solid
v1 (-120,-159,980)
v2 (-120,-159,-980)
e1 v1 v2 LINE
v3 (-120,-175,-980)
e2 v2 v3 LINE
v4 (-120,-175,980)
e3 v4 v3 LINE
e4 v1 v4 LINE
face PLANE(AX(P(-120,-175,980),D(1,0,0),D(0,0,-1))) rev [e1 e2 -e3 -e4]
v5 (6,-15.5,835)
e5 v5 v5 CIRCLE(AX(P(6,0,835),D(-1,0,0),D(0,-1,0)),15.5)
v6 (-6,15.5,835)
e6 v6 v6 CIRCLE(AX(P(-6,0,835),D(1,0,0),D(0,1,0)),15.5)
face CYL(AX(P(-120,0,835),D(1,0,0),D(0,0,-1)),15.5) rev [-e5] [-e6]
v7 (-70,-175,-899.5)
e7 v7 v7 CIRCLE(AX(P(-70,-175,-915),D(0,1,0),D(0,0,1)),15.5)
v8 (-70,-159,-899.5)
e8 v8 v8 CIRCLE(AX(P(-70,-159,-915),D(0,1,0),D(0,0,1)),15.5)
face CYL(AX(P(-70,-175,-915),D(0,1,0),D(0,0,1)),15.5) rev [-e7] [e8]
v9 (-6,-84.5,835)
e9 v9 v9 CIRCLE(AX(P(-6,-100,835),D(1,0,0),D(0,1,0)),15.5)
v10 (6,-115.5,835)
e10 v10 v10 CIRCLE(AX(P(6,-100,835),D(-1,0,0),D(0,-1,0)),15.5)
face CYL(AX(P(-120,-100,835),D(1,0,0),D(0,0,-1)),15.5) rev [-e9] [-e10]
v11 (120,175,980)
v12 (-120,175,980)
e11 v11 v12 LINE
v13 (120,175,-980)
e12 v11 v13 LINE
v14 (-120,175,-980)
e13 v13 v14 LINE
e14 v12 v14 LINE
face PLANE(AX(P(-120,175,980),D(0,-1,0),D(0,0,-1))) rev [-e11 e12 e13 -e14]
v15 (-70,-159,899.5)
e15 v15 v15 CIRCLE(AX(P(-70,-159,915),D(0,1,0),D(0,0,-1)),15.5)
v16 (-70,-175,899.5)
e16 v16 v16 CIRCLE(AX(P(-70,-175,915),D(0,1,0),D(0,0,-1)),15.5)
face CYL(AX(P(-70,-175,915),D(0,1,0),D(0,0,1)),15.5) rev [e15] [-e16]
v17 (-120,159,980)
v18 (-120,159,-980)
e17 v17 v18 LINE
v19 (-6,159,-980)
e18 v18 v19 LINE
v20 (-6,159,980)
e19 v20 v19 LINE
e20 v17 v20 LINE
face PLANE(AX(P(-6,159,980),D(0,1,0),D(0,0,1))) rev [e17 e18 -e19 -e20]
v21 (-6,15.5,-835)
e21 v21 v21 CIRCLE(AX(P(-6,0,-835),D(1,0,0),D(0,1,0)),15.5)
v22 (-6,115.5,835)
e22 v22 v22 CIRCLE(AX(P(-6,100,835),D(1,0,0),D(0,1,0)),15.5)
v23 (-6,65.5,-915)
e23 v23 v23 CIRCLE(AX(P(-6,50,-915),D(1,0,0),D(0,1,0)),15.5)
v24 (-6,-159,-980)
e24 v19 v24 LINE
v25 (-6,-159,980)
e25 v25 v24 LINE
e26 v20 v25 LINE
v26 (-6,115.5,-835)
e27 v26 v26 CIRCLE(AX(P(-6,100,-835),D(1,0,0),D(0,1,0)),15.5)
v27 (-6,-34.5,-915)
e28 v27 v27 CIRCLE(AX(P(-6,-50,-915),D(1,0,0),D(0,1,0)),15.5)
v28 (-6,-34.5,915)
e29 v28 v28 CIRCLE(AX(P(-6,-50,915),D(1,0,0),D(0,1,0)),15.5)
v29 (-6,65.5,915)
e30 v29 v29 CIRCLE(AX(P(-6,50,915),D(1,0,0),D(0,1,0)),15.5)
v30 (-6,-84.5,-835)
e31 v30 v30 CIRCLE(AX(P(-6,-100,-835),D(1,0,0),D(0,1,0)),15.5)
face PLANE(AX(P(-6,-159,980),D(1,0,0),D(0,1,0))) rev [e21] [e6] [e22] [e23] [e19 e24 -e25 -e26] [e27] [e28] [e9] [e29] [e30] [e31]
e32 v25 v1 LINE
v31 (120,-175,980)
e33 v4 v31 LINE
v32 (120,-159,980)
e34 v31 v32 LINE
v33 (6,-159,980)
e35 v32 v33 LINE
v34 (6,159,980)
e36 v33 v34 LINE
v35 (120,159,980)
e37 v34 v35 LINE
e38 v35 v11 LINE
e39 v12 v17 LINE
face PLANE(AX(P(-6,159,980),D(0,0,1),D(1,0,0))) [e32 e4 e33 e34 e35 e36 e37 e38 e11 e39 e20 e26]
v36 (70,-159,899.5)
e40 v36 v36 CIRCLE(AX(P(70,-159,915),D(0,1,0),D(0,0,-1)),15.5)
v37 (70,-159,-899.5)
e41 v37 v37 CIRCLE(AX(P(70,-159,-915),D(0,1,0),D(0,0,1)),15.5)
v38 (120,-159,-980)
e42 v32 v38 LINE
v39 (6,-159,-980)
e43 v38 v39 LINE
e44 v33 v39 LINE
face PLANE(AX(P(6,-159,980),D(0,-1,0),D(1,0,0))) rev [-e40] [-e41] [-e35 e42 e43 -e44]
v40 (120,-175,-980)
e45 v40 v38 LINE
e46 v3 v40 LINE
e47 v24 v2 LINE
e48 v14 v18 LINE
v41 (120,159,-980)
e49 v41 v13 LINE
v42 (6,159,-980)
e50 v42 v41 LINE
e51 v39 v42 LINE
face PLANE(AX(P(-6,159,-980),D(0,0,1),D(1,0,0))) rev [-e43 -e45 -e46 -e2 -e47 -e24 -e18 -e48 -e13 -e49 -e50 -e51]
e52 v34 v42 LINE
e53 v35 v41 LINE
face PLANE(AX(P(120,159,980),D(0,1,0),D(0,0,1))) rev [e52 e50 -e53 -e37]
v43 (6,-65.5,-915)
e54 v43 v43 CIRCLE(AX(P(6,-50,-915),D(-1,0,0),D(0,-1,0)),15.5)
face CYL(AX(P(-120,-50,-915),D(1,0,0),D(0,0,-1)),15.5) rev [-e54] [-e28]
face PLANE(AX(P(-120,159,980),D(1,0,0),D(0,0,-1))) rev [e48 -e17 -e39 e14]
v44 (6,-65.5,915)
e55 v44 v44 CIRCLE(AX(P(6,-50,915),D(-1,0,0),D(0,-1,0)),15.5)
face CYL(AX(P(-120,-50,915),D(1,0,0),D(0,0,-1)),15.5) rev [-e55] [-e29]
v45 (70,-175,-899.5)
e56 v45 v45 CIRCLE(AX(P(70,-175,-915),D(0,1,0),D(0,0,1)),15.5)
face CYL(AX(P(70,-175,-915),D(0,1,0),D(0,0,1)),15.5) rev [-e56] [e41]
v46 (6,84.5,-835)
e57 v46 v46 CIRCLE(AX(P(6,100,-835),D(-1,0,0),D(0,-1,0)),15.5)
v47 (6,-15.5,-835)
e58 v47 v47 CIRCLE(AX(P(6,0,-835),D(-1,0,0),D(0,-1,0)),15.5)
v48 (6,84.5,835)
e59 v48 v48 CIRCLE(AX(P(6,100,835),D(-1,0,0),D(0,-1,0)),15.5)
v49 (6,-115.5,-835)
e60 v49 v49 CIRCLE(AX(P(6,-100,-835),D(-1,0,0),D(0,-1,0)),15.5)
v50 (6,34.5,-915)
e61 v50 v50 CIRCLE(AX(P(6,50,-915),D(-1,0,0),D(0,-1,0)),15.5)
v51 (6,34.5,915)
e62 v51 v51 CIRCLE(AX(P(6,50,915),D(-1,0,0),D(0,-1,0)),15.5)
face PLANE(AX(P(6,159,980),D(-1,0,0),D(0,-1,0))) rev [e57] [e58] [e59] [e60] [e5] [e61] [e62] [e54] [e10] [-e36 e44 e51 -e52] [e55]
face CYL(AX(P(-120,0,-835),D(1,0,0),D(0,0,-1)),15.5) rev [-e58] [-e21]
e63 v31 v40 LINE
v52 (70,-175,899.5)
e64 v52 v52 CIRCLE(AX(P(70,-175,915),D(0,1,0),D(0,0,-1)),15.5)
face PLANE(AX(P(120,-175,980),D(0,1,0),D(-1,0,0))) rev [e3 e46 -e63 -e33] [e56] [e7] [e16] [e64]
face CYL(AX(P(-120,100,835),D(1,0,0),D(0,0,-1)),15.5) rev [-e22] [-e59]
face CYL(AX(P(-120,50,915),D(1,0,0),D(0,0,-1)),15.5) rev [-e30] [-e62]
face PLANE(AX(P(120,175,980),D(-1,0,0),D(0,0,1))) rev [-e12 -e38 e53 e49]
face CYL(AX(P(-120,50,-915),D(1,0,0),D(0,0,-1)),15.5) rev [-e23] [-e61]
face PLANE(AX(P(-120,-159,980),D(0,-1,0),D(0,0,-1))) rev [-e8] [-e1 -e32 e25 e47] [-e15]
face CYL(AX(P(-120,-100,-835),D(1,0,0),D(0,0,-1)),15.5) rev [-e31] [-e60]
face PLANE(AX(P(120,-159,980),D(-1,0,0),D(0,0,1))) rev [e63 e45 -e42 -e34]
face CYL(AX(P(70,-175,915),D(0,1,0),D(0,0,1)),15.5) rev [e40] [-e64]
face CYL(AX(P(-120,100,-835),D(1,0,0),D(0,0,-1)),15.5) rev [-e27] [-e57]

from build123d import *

# Parameters (mm, degrees)
EXTRUDE_1_DEPTH          = 980
CUT_EXTRUDE_2_DEPTH      = 1003.708831117
CUT_EXTRUDE_2_DEPTH_BACK = 1003.708831117
SKETCH_2_R               = 15.5
SKETCH_5_R               = 15.5
CUT_EXTRUDE_4_DEPTH      = 1043.284030387


with BuildPart() as part:
    # 草图1 → 拉伸1 (new, symmetric)
    with BuildSketch(Plane.XY):
        Polygon((-6, 159), (-120, 159), (-120, 175), (120, 175), (120, 159), (6, 159), (6, -159), (120, -159), (120, -175), (-120, -175), (-120, -159), (-6, -159), align=None)
    extrude(amount=EXTRUDE_1_DEPTH, both=True)

    # 草图2 → 拉伸2 (cut, two sides: drawn at the far end of the back side and taken through both)
    with BuildSketch(Plane(origin=(0, 0, 0), x_dir=(0, 0, -1), z_dir=(1, 0, 0)).offset(-CUT_EXTRUDE_2_DEPTH_BACK)):
        with Locations(Location((-915, 50, 0), (0, 0, 270))):
            Circle(SKETCH_2_R)
        with Locations(Location((-835, 100, 0), (0, 0, 270))):
            Circle(SKETCH_2_R)
        with Locations(Location((-835, 0, 0), (0, 0, 270))):
            Circle(SKETCH_2_R)
        with Locations(Location((-835, -100, 0), (0, 0, 270))):
            Circle(SKETCH_2_R)
        with Locations(Location((-915, -50, 0), (0, 0, 270))):
            Circle(SKETCH_2_R)
        with Locations(Location((915, -50, 0), (0, 0, 270))):
            Circle(SKETCH_2_R)
        with Locations(Location((835, -100, 0), (0, 0, 270))):
            Circle(SKETCH_2_R)
        with Locations(Location((835, 0, 0), (0, 0, 270))):
            Circle(SKETCH_2_R)
        with Locations(Location((835, 100, 0), (0, 0, 270))):
            Circle(SKETCH_2_R)
        with Locations(Location((915, 50, 0), (0, 0, 270))):
            Circle(SKETCH_2_R)
    extrude(amount=CUT_EXTRUDE_2_DEPTH + CUT_EXTRUDE_2_DEPTH_BACK, mode=Mode.SUBTRACT)

    # 草图5 → 拉伸4 (cut, through all)
    with BuildSketch(Plane(origin=(0, -159, 0), x_dir=(1, 0, 0), z_dir=(0, 1, 0))):
        with Locations(Location((-70, 915, 0), (0, 0, 270))):
            Circle(SKETCH_5_R)
        with Locations(Location((70, 915, 0), (0, 0, 270))):
            Circle(SKETCH_5_R)
        with Locations(Location((70, -915, 0), (0, 0, 90))):
            Circle(SKETCH_5_R)
        with Locations(Location((-70, -915, 0), (0, 0, 90))):
            Circle(SKETCH_5_R)
    extrude(amount=-CUT_EXTRUDE_4_DEPTH, mode=Mode.SUBTRACT)


solid = part.part
